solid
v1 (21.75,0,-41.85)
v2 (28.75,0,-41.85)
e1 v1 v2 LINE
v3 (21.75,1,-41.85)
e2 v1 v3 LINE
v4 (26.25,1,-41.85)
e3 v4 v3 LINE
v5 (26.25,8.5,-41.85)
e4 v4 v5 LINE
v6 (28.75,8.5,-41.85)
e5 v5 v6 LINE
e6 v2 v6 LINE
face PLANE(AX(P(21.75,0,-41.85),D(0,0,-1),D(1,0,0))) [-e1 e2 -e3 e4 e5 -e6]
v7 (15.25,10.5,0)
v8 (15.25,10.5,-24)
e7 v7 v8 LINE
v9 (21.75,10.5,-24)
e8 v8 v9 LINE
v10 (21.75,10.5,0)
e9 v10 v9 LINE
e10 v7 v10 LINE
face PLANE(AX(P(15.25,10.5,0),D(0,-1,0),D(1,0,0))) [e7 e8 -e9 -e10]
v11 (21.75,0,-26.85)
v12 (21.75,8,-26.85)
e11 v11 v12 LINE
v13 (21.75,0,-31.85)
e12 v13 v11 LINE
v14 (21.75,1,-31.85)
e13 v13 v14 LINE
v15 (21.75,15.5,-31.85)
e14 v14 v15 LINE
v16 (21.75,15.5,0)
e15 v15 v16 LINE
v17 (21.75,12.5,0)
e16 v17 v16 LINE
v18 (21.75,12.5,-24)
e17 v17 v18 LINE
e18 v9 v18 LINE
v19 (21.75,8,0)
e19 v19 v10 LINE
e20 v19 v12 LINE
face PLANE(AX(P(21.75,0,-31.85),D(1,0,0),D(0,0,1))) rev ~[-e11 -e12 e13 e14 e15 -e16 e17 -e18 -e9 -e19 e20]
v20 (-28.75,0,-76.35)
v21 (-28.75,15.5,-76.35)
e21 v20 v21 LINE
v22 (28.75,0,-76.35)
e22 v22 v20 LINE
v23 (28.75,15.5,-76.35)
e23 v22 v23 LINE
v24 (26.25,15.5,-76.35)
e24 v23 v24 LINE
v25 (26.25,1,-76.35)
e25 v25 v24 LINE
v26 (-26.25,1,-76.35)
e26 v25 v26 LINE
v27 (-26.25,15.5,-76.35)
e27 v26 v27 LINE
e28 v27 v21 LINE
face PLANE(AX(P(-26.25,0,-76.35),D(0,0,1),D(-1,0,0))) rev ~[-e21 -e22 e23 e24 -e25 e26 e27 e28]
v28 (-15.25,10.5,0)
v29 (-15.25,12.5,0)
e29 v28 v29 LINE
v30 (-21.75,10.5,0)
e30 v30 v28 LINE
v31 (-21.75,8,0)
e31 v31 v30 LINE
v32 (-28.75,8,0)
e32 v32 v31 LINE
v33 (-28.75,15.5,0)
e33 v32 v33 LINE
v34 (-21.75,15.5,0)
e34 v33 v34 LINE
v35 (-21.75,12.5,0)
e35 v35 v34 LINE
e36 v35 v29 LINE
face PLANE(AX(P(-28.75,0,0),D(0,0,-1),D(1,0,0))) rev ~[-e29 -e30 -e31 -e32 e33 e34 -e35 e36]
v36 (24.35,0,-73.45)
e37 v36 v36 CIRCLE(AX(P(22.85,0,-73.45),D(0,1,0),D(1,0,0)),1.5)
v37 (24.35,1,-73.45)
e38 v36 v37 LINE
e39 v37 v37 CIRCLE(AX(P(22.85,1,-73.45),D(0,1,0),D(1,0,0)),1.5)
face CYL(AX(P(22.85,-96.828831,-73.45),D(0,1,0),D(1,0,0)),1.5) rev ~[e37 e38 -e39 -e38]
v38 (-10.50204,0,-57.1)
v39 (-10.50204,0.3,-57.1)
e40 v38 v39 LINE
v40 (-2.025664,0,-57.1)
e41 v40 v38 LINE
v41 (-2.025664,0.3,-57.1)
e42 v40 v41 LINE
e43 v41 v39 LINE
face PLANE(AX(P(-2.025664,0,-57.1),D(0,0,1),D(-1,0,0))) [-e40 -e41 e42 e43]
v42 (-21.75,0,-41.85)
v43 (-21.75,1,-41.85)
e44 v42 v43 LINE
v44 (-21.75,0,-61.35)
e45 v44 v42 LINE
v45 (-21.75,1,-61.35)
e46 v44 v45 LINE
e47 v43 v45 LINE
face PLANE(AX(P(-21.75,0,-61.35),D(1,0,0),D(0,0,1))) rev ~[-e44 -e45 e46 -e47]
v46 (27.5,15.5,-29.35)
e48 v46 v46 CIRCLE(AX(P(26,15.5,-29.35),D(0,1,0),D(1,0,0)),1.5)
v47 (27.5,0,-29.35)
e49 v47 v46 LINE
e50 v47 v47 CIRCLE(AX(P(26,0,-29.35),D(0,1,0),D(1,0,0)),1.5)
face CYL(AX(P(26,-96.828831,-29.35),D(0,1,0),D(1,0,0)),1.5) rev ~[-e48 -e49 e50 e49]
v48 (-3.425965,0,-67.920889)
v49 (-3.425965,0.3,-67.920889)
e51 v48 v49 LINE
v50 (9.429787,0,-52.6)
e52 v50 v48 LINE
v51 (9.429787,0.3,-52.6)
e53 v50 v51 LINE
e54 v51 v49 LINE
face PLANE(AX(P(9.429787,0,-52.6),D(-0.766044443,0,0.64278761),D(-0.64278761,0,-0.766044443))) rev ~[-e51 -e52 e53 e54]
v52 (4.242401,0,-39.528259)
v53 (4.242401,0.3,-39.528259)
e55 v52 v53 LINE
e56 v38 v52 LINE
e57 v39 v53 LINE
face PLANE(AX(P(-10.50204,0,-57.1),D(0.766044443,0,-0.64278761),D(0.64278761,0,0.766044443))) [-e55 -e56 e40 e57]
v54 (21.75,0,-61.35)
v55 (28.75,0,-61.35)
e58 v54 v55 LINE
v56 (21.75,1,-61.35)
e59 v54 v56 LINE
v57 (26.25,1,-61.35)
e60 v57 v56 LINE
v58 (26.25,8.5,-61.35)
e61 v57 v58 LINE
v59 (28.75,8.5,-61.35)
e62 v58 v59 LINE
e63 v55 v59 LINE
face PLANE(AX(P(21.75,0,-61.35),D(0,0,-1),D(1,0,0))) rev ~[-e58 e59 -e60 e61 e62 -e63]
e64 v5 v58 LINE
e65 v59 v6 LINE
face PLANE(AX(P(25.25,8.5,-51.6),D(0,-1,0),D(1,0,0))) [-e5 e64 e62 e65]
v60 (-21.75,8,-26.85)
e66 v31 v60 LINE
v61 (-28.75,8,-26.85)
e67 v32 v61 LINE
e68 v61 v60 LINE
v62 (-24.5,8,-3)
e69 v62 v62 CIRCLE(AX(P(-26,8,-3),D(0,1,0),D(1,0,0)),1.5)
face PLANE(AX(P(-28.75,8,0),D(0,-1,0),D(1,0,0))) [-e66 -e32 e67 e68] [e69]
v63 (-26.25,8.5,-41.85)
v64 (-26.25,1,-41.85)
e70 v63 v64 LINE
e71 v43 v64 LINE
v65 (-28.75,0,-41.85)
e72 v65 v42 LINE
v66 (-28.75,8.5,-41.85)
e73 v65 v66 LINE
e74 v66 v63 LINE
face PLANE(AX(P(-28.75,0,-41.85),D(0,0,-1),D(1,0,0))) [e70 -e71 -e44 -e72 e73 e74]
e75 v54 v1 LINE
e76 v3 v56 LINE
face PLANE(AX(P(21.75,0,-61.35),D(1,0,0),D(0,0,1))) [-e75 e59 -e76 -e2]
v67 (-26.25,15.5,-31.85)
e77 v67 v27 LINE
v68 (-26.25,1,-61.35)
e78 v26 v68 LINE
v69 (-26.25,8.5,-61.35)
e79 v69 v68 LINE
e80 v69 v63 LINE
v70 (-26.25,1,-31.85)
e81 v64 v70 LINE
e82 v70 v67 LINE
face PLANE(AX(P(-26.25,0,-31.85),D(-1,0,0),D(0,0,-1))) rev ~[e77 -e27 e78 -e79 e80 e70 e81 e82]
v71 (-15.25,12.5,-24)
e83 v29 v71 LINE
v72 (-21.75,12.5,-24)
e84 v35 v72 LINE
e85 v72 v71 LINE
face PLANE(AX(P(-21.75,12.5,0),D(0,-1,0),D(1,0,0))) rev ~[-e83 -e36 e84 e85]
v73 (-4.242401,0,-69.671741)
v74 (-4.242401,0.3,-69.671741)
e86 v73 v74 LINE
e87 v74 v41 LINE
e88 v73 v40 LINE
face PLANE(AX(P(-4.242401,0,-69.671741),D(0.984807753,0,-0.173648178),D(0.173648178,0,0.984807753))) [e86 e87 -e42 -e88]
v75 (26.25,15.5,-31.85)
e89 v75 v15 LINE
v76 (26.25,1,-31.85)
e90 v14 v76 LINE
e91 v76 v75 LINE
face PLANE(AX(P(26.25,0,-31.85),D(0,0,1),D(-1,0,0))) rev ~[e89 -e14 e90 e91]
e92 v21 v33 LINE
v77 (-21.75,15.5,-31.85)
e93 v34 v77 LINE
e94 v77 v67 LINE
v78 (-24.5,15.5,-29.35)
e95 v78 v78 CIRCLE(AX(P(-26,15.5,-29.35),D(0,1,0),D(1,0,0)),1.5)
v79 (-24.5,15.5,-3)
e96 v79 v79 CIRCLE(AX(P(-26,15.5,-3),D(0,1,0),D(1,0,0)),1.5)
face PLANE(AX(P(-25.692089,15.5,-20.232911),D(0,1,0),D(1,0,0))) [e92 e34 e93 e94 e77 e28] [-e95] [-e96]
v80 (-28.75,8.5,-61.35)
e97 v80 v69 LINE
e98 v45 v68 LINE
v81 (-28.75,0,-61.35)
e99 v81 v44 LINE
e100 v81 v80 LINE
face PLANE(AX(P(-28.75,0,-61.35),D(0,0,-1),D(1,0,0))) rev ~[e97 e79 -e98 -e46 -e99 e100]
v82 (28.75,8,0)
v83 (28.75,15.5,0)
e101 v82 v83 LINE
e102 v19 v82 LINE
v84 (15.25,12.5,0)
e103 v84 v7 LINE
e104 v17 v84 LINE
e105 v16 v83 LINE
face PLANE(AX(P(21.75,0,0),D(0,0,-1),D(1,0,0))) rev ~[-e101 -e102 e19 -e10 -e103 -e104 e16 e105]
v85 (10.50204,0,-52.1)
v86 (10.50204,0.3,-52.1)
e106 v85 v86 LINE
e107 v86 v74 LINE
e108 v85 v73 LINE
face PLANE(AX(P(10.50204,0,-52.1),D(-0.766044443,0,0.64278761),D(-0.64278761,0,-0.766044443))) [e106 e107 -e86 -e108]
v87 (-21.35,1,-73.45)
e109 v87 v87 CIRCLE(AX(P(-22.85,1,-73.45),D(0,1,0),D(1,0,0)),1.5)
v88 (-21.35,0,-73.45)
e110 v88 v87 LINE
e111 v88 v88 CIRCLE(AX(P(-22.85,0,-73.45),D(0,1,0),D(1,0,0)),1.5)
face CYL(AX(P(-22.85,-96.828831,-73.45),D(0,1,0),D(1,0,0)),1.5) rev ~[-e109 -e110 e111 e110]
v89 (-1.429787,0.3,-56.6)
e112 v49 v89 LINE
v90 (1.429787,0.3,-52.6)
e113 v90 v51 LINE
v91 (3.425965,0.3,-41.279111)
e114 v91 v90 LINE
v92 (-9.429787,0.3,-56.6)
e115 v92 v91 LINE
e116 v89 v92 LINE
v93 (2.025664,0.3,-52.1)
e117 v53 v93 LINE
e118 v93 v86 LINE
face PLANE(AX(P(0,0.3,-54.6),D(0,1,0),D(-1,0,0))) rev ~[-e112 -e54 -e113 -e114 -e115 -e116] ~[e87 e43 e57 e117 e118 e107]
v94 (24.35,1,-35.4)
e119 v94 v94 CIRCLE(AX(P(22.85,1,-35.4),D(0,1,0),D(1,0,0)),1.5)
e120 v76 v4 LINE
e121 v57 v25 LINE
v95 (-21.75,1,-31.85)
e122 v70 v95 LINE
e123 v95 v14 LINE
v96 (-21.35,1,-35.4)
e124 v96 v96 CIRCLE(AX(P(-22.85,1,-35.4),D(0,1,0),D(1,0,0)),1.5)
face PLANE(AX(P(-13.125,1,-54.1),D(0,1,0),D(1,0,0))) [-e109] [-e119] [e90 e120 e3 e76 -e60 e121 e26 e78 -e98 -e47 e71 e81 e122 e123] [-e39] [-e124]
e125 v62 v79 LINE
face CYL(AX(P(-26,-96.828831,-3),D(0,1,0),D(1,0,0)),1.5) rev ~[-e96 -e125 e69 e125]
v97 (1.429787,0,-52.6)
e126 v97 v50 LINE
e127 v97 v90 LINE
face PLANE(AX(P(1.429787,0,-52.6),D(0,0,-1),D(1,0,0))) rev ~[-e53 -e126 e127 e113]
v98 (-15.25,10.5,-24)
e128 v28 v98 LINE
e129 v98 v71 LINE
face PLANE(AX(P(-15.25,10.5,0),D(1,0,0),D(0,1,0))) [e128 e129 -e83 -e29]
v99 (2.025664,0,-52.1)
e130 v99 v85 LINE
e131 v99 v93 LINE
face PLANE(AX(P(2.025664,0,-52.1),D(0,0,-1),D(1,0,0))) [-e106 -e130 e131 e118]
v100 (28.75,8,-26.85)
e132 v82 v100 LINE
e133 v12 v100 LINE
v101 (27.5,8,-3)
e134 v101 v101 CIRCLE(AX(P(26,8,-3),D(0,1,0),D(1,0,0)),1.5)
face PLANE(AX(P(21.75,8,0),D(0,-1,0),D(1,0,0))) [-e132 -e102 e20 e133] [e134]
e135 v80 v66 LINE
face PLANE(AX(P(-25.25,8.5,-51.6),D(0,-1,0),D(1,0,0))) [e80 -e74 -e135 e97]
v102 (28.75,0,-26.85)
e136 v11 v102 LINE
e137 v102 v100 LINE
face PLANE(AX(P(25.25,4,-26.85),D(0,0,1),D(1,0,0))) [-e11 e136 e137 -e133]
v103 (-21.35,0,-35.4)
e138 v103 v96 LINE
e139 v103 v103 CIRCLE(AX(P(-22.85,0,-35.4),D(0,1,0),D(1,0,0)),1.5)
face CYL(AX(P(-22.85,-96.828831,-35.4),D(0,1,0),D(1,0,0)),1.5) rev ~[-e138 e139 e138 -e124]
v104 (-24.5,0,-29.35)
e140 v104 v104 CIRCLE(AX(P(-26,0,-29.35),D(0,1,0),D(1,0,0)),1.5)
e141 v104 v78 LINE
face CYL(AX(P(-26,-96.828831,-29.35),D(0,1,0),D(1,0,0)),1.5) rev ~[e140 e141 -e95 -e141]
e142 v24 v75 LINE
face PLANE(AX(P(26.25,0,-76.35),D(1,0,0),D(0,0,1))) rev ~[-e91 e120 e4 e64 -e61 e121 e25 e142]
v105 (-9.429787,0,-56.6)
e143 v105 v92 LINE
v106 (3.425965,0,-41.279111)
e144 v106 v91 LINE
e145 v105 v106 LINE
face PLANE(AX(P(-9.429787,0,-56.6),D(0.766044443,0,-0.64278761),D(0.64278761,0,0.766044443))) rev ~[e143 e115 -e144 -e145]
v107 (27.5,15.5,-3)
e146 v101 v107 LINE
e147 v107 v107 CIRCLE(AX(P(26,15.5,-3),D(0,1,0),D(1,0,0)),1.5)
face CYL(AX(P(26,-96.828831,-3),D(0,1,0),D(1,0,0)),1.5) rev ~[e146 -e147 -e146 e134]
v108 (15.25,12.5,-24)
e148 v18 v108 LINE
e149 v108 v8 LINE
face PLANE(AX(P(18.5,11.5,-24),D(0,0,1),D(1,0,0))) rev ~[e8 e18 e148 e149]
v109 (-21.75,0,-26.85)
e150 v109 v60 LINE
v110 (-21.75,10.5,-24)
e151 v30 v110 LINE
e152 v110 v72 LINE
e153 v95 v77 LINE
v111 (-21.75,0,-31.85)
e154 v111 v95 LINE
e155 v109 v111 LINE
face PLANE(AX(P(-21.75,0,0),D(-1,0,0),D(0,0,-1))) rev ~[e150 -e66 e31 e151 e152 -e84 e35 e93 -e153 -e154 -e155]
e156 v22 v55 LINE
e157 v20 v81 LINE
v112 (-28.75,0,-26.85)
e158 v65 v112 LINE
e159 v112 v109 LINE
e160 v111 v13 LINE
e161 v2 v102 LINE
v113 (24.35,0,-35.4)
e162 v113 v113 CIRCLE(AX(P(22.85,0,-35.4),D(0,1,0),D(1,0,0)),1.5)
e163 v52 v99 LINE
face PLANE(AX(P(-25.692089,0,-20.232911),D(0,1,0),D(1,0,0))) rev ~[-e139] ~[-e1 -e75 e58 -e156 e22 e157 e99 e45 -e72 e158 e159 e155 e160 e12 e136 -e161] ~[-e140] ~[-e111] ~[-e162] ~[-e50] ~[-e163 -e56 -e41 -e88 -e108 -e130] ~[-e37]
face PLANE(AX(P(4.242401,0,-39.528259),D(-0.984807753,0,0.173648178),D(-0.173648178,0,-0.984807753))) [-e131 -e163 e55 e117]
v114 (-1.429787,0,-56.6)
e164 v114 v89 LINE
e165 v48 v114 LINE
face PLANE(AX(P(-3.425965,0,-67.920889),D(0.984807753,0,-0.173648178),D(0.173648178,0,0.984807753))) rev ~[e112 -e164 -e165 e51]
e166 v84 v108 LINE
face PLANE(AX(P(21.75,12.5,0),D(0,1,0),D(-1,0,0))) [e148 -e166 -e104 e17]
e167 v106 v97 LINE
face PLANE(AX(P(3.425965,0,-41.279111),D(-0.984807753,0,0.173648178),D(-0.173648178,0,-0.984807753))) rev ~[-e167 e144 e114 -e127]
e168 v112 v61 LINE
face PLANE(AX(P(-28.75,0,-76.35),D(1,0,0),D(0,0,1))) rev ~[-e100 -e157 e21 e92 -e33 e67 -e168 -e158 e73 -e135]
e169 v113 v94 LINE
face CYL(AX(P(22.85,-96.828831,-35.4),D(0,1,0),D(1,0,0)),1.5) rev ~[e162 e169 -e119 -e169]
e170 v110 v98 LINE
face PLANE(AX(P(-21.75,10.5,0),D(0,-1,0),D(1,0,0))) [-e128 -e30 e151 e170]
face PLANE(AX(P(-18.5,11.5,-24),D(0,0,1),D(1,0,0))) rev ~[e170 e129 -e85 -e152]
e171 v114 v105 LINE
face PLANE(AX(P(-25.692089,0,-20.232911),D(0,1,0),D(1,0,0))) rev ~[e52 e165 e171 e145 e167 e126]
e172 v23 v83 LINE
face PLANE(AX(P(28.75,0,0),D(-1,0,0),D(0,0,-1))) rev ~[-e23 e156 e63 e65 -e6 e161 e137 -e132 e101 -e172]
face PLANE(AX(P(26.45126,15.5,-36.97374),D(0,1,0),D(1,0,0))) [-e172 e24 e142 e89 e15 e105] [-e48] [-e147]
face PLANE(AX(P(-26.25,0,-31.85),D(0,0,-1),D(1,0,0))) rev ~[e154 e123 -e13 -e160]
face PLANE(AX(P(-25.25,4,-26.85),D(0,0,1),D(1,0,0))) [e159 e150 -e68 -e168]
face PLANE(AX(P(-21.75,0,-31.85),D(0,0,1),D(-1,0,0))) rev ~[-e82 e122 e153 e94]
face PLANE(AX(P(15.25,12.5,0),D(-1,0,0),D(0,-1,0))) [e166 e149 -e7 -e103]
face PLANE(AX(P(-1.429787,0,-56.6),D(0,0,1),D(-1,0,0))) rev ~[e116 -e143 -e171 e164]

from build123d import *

# Parameters (mm, degrees)
SKETCH1_W                = 52.5
SKETCH1_H                = 44.5
BOSS_EXTRUDE1_DEPTH      = 1
BOSS_EXTRUDE2_DEPTH      = 15.5
F_3_0_3_DIAMETER_HOLE1_D = 3
SKETCH6_W                = 6.5
SKETCH6_H                = 2
BOSS_EXTRUDE3_DEPTH      = 24
SKETCH6_4_W              = 7
SKETCH6_4_H              = 8
CUT_EXTRUDE1_DEPTH       = 26.85
SKETCH8_W                = 7
SKETCH8_H                = 19.5
CUT_EXTRUDE2_DEPTH       = 8.5
CUT_EXTRUDE3_DEPTH       = 0.3


with BuildPart() as part:
    # Sketch1 → Boss-Extrude1 (new body)
    with BuildSketch(Plane(origin=(0, 0, 0), x_dir=(1, 0, 0), z_dir=(0, 1, 0))):
        with Locations((0, 54.1)):
            Rectangle(SKETCH1_W, SKETCH1_H)
    extrude(amount=BOSS_EXTRUDE1_DEPTH)

    # Sketch1<3> → Boss-Extrude2 (add)
    with BuildSketch(Plane(origin=(0, 0, 0), x_dir=(1, 0, 0), z_dir=(0, 1, 0))):
        Polygon((-26.25, 76.35), (-28.75, 76.35), (-28.75, 0), (-21.75, 0), (-21.75, 31.85), (-26.25, 31.85), align=None)
        Polygon((28.75, 76.35), (26.25, 76.35), (26.25, 31.85), (21.75, 31.85), (21.75, 0), (28.75, 0), align=None)
    extrude(amount=BOSS_EXTRUDE2_DEPTH)

    # Ø3.0 (3) Diameter Hole1 (through all)
    with Locations(Plane(origin=(0, 0, 0), x_dir=(-1, 0, 0), z_dir=(0, -1, 0))):
        with Locations((-22.85, 73.45), (22.85, 73.45), (26, 29.35), (22.85, 35.4), (-22.85, 35.4), (-26, 29.35), (-26, 3), (26, 3), (-30.25, 71.35), (30.25, 71.35)):
            Hole(F_3_0_3_DIAMETER_HOLE1_D / 2)

    # Sketch6 → Boss-Extrude3 (add)
    with BuildSketch(Plane.XY):
        with Locations((-18.5, 11.5)):
            Rectangle(SKETCH6_W, SKETCH6_H)
        with Locations((18.5, 11.5)):
            Rectangle(SKETCH6_W, SKETCH6_H)
    extrude(amount=-BOSS_EXTRUDE3_DEPTH)

    # Sketch6<4> → Cut-Extrude1 (cut)
    with BuildSketch(Plane.XY):
        with Locations((-25.25, 4)):
            Rectangle(SKETCH6_4_W, SKETCH6_4_H)
        with Locations((25.25, 4)):
            Rectangle(SKETCH6_4_W, SKETCH6_4_H)
    extrude(amount=-CUT_EXTRUDE1_DEPTH, mode=Mode.SUBTRACT)

    # Sketch8 → Cut-Extrude2 (cut)
    with BuildSketch(Plane.XZ):
        with Locations((-25.25, -51.6)):
            Rectangle(SKETCH8_W, SKETCH8_H)
        with Locations((25.25, -51.6)):
            Rectangle(SKETCH8_W, SKETCH8_H)
    extrude(amount=-CUT_EXTRUDE2_DEPTH, mode=Mode.SUBTRACT)

    # Sketch9 → Cut-Extrude3 (cut)
    with BuildSketch(Plane.XZ):
        Polygon((-10.502040481, -57.1), (4.24240096, -39.528258941), (2.025663817, -52.1), (10.502040481, -52.1), (-4.24240096, -69.671741059), (-2.025663817, -57.1), align=None)
        Polygon((-3.425965173, -67.920888862), (-1.429787021, -56.6), (-9.429787021, -56.6), (3.425965173, -41.279111138), (1.429787021, -52.6), (9.429787021, -52.6), align=None, mode=Mode.SUBTRACT)
    extrude(amount=-CUT_EXTRUDE3_DEPTH, mode=Mode.SUBTRACT)


solid = part.part
